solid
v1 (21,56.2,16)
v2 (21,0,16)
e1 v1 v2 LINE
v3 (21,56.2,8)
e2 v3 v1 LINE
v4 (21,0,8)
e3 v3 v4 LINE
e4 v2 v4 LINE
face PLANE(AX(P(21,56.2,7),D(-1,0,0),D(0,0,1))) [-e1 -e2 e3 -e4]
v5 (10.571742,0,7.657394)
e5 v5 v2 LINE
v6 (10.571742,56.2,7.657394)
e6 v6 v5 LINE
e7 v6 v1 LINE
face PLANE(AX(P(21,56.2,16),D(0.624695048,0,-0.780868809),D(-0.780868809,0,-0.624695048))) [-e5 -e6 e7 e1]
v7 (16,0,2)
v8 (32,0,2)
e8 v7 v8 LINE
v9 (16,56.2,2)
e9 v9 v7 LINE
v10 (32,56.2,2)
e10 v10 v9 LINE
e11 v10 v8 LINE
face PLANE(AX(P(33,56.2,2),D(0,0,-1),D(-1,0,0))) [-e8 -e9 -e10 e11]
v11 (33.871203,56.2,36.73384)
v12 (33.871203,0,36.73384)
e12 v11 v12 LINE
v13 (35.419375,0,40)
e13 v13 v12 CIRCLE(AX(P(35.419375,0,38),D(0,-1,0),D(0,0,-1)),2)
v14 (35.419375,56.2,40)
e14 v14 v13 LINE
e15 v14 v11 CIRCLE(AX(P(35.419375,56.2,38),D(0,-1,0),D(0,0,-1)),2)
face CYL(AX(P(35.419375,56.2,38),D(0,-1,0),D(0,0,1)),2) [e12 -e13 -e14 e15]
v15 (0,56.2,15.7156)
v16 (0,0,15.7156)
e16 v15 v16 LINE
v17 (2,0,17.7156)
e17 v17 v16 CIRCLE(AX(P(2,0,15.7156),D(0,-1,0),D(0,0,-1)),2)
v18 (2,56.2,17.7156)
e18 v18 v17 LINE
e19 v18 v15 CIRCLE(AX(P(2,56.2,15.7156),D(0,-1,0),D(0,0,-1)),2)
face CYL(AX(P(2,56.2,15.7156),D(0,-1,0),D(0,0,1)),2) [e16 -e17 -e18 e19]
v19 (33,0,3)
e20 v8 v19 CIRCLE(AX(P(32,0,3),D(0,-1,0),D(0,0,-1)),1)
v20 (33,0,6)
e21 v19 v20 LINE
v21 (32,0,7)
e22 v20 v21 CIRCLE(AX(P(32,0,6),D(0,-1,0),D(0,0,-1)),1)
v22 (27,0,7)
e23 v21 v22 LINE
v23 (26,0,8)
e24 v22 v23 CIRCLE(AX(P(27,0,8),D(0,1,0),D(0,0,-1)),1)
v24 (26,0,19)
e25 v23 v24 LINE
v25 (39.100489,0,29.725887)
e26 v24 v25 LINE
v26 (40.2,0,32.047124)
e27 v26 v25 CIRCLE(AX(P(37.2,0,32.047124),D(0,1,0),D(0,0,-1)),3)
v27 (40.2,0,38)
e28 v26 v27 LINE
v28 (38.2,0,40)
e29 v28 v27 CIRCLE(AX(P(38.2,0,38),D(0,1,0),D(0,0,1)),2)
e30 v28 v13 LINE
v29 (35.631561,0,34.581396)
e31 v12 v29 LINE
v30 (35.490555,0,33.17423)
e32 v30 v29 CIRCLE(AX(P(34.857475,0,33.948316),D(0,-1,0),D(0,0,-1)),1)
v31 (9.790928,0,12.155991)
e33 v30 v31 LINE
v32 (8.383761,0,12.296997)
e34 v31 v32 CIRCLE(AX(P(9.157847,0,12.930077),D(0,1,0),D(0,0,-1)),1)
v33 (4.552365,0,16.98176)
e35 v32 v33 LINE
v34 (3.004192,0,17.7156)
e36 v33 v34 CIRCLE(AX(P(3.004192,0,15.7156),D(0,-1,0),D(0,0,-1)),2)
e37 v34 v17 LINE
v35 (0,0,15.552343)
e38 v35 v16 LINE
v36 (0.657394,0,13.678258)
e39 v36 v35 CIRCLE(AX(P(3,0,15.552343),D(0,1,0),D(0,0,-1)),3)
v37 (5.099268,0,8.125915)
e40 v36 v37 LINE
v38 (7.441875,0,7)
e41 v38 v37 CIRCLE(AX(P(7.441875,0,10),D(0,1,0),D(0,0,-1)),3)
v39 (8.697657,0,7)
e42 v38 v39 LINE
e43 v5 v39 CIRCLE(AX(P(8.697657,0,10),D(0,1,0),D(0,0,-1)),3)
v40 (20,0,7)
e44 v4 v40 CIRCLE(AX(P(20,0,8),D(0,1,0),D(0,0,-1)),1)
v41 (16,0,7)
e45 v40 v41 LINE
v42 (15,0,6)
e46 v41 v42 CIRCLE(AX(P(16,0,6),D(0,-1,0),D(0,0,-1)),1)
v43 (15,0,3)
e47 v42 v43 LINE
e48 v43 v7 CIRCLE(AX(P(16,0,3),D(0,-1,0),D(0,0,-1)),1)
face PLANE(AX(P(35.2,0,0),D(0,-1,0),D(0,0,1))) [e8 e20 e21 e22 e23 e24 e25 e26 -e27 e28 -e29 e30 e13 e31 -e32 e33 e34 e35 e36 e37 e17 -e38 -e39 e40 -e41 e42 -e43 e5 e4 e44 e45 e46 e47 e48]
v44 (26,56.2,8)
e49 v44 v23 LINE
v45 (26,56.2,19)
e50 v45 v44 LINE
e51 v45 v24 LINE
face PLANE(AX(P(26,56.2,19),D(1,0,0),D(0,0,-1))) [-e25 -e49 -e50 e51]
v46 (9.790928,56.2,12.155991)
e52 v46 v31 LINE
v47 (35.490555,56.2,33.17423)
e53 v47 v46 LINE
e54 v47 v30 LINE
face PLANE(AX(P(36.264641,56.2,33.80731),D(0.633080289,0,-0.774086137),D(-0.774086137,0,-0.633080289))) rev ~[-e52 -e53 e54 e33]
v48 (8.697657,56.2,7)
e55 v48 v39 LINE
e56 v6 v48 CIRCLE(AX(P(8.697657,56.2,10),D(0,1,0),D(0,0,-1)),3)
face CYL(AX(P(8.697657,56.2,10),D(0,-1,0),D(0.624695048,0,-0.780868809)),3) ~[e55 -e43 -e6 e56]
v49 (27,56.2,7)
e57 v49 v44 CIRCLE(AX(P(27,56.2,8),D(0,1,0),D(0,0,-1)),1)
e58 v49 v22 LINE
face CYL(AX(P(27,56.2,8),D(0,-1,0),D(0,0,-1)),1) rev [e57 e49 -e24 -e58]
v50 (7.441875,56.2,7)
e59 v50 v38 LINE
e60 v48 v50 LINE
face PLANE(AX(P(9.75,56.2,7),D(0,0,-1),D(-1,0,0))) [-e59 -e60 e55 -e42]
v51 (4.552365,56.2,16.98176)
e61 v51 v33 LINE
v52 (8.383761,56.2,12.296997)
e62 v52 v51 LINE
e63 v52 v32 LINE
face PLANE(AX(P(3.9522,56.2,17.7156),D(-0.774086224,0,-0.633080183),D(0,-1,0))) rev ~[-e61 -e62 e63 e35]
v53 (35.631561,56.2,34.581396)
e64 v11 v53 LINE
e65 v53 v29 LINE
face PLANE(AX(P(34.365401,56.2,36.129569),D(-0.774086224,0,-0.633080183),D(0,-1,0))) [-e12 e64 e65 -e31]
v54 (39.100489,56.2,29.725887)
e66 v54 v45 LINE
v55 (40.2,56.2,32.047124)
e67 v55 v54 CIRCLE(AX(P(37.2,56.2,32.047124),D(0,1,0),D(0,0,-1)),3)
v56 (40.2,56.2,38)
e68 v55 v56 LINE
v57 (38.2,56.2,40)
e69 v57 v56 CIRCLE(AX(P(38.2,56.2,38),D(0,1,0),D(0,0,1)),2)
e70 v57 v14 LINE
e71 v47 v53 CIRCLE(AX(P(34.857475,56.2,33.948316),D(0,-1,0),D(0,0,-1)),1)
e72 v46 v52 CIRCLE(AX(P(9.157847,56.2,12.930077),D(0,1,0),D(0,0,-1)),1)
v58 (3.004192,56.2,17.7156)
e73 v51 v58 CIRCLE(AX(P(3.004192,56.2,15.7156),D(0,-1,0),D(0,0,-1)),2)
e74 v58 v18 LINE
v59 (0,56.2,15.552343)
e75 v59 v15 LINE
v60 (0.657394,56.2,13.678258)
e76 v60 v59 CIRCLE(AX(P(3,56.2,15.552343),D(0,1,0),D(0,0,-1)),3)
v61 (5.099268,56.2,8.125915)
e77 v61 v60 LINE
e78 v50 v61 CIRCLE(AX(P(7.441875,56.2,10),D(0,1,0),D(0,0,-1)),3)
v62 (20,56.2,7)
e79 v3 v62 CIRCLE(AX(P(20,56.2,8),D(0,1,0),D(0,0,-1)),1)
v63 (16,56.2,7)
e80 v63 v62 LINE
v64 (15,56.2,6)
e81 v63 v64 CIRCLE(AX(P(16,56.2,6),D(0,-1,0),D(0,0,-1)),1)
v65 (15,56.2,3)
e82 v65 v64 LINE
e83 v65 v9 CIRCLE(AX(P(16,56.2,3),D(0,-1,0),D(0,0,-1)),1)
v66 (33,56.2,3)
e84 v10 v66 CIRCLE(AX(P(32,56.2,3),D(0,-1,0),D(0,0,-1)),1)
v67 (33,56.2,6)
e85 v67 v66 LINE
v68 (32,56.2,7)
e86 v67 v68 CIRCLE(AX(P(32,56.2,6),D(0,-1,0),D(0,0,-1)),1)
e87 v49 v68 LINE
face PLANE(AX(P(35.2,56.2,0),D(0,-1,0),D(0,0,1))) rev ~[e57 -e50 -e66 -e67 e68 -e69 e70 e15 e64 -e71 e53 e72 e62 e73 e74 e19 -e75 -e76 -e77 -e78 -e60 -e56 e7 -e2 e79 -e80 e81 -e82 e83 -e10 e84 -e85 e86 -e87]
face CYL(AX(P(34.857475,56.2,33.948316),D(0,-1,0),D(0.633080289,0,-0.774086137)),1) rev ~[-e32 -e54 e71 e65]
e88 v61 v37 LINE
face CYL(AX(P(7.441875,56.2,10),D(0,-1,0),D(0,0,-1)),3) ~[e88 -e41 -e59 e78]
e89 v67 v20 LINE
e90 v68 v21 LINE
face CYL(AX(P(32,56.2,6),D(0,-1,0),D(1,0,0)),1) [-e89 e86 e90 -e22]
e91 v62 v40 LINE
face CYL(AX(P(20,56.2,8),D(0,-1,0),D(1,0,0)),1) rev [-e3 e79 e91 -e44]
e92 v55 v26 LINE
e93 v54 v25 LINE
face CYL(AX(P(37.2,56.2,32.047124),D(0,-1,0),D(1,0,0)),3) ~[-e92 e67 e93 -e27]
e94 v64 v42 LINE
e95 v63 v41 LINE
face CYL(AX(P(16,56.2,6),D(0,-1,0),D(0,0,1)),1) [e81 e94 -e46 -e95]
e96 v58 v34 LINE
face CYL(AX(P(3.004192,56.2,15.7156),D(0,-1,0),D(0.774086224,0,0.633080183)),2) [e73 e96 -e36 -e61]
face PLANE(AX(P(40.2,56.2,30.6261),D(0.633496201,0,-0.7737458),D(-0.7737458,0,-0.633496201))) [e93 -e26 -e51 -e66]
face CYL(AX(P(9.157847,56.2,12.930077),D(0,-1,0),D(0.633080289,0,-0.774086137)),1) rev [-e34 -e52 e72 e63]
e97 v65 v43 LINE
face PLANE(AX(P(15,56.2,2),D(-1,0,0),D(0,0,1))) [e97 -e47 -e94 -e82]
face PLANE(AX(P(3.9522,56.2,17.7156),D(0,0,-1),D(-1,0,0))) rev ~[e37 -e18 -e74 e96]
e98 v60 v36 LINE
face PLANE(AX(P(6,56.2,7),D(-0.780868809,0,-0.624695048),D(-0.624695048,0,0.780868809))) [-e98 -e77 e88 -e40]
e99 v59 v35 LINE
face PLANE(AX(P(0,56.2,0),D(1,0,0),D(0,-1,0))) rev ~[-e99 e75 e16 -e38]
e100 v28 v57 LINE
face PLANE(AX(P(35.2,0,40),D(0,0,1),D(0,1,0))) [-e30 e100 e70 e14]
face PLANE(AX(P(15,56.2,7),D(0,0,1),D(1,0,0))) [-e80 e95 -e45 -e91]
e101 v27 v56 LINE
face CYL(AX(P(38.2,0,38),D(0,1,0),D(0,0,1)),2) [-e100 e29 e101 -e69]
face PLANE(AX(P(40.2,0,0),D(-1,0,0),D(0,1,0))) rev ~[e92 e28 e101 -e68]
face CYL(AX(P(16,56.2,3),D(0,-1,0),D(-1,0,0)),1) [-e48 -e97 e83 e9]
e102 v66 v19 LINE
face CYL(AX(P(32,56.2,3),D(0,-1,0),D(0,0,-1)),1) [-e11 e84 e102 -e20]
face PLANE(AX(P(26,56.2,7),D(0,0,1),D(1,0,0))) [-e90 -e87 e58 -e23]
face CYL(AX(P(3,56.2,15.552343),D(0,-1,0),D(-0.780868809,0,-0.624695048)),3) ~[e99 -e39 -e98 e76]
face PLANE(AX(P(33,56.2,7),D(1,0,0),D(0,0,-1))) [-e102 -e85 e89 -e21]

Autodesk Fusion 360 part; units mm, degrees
sketch "Schizzo1" plane through (0, 0, 0) normal (0, 0, 1) x (1, 0, 0)
  line L0 (0, 0) -> (35.2, 0)
  line L1 (35.2, 0) -> (35.2, 56.2)
  line L2 (35.2, 56.2) -> (0, 56.2)
  line L3 (0, 56.2) -> (0, 0)
  dimension "d1" = 35.2
  dimension "d2" = 56.2
extrude "Estrusione1" add sketch "Schizzo1" along normal blind 40
sketch "Schizzo2" plane through (0, 56.2, 0) normal (0, 1, 0) x (-1, 0, 0)
  line L0 (-35.2, 0) -> (0, 0)
  line L1 (0, 0) -> (0, 40)
  line L2 (0, 40) -> (-35.2, 40)
  line L3 (-35.2, 40) -> (-35.2, 0)
  line L4 (-35.2, 40) -> (-31.2, 40)
  line L5 (-31.2, 40) -> (-3.9522, 17.7156)
  line L6 (-3.9522, 17.7156) -> (0, 17.7156)
  dimension "d5" = 4
  dimension "d6" = 35.2
extrude "Estrusione2" cut sketch "Schizzo2" against normal blind 70 contours L1 L2 L5 L6
extrude "Estrusione3" cut 1 faces at (22.1174, 37.4667, 32.5719) along direction (0.63308, 0, -0.774086) blind 5
extrude "Estrusione4" add 1 faces at (35.2, 18.7333, 13.3333) along direction (1, 0, 0) blind 5
fillet "Raccordo1" radius 2 4 edges at (3.9522, 28.1, 17.7156) (0, 28.1, 17.7156) (31.2, 28.1, 40) (40.2, 28.1, 40)
extrude "Estrusione5" cut 1 faces at (25.2828, 37.4667, 28.7014) along direction (0.63308, 0, -0.774086) blind 3
fillet "Raccordo2" radius 1 1 edges at (36.2646, 28.1, 33.8073)
fillet "Raccordo3" radius 1 1 edges at (9.0168, 28.1, 11.5229)
sketch "Schizzo7" plane through (0, 56.2, 0) normal (0, 1, 0) x (-1, 0, 0)
  line L0 (-4.5523, 16.9817) -> (-8.3837, 12.297)
  arc A0 (-9.7909, 12.156) -> (-8.3837, 12.297) centre (-9.1578, 12.9301) ccw
  line L1 (-9.7909, 12.156) -> (-35.4906, 33.1742)
  arc A1 (-35.6316, 34.5814) -> (-35.4906, 33.1742) centre (-34.8575, 33.9483) ccw
  line L2 (-35.6316, 34.5814) -> (-33.8712, 36.7338)
  arc A2 (-33.8712, 36.7338) -> (-35.4194, 40) centre (-35.4194, 38) ccw
  line L3 (-35.4194, 40) -> (-38.2, 40)
  arc A3 (-38.2, 40) -> (-40.2, 38) centre (-38.2, 38) ccw
  line L4 (-40.2, 38) -> (-40.2, 0)
  line L5 (-40.2, 0) -> (0, 0)
  line L6 (0, 0) -> (0, 15.7156)
  arc A4 (0, 15.7156) -> (-2, 17.7156) centre (-2, 15.7156) ccw
  line L7 (-2, 17.7156) -> (-3.0042, 17.7156)
  arc A5 (-3.0042, 17.7156) -> (-4.5523, 16.9817) centre (-3.0042, 15.7156) ccw
  line L8 (-40.2, 30.6261) -> (-26, 19)
  line L9 (-26, 19) -> (-26, 7)
  line L10 (-26, 7) -> (-33, 7)
  line L11 (-33, 7) -> (-33, 2)
  line L12 (-33, 2) -> (-15, 2)
  line L13 (-15, 2) -> (-15, 7)
  line L14 (-15, 7) -> (-21, 7)
  line L15 (-21, 7) -> (-21, 16)
  line L16 (-21, 16) -> (-11, 8)
  line L17 (-11, 8) -> (-9.75, 7)
  line L18 (-9.75, 7) -> (-6, 7)
  line L19 (-6, 7) -> (0, 14.5)
extrude "Estrusione6" cut sketch "Schizzo7" against normal blind 95 contours L4 L5 L6 L8 L9 L10 L11 L12 L13 L14 L15 L16 L17 L18 L19
fillet "Raccordo4" radius 3 4 edges at (0, 28.1, 14.5) (6, 28.1, 7) (9.75, 28.1, 7) (40.2, 28.1, 30.6261)
fillet "Raccordo5" radius 1 6 edges at (26, 28.1, 7) (33, 28.1, 7) (21, 28.1, 7) (15, 28.1, 7) (15, 28.1, 2) (33, 28.1, 2)
sketch "Schizzo3" plane through (0, 56.2, 0) normal (0, 1, 0) x (-1, 0, 0)
  line L0 (-4.5523, 16.9817) -> (-8.3837, 12.297)
  arc A0 (-9.7909, 12.156) -> (-8.3837, 12.297) centre (-9.1578, 12.9301) ccw
  line L1 (-9.7909, 12.156) -> (-35.4906, 33.1742)
  arc A1 (-35.6316, 34.5814) -> (-35.4906, 33.1742) centre (-34.8575, 33.9483) ccw
  line L2 (-35.6316, 34.5814) -> (-33.8712, 36.7338)
  arc A2 (-33.8712, 36.7338) -> (-35.4194, 40) centre (-35.4194, 38) ccw
  line L3 (-35.4194, 40) -> (-38.2, 40)
  arc A3 (-38.2, 40) -> (-40.2, 38) centre (-38.2, 38) ccw
  line L4 (-40.2, 38) -> (-40.2, 0)
  line L5 (-40.2, 0) -> (0, 0)
  line L6 (0, 0) -> (0, 15.7156)
  arc A4 (0, 15.7156) -> (-2, 17.7156) centre (-2, 15.7156) ccw
  line L7 (-2, 17.7156) -> (-3.0042, 17.7156)
  arc A5 (-3.0042, 17.7156) -> (-4.5523, 16.9817) centre (-3.0042, 15.7156) ccw
  line L8 (-40.2, 29.9744) -> (-24.8148, 16.4613)
  line L9 (-24.8148, 16.4613) -> (-24.8148, 5)
  line L10 (-20.1, 5) -> (-20.1, 14)
  line L11 (-20.1, 14) -> (-8.3458, 5)
  line L12 (-8.3458, 5) -> (0, 5)
  line L13 (-32, 5) -> (-32, 0)
  line L14 (-13, 5) -> (-13, 0)
sketch "Schizzo4" plane through (0, 56.2, 0) normal (0, 1, 0) x (-1, 0, 0)
  line L0 (-24.8139, 4.9985) -> (-32, 4.9985)
sketch "Schizzo5" plane through (0, 56.2, 0) normal (0, 1, 0) x (-1, 0, 0)
  line L0 (-13, 5) -> (-20.1, 5)
sketch "Schizzo6" plane through (0, 56.2, 0) normal (0, 1, 0) x (-1, 0, 0)
  line L0 (-13, 0) -> (0, 0)
  line L1 (0, 0) -> (0, 5)
